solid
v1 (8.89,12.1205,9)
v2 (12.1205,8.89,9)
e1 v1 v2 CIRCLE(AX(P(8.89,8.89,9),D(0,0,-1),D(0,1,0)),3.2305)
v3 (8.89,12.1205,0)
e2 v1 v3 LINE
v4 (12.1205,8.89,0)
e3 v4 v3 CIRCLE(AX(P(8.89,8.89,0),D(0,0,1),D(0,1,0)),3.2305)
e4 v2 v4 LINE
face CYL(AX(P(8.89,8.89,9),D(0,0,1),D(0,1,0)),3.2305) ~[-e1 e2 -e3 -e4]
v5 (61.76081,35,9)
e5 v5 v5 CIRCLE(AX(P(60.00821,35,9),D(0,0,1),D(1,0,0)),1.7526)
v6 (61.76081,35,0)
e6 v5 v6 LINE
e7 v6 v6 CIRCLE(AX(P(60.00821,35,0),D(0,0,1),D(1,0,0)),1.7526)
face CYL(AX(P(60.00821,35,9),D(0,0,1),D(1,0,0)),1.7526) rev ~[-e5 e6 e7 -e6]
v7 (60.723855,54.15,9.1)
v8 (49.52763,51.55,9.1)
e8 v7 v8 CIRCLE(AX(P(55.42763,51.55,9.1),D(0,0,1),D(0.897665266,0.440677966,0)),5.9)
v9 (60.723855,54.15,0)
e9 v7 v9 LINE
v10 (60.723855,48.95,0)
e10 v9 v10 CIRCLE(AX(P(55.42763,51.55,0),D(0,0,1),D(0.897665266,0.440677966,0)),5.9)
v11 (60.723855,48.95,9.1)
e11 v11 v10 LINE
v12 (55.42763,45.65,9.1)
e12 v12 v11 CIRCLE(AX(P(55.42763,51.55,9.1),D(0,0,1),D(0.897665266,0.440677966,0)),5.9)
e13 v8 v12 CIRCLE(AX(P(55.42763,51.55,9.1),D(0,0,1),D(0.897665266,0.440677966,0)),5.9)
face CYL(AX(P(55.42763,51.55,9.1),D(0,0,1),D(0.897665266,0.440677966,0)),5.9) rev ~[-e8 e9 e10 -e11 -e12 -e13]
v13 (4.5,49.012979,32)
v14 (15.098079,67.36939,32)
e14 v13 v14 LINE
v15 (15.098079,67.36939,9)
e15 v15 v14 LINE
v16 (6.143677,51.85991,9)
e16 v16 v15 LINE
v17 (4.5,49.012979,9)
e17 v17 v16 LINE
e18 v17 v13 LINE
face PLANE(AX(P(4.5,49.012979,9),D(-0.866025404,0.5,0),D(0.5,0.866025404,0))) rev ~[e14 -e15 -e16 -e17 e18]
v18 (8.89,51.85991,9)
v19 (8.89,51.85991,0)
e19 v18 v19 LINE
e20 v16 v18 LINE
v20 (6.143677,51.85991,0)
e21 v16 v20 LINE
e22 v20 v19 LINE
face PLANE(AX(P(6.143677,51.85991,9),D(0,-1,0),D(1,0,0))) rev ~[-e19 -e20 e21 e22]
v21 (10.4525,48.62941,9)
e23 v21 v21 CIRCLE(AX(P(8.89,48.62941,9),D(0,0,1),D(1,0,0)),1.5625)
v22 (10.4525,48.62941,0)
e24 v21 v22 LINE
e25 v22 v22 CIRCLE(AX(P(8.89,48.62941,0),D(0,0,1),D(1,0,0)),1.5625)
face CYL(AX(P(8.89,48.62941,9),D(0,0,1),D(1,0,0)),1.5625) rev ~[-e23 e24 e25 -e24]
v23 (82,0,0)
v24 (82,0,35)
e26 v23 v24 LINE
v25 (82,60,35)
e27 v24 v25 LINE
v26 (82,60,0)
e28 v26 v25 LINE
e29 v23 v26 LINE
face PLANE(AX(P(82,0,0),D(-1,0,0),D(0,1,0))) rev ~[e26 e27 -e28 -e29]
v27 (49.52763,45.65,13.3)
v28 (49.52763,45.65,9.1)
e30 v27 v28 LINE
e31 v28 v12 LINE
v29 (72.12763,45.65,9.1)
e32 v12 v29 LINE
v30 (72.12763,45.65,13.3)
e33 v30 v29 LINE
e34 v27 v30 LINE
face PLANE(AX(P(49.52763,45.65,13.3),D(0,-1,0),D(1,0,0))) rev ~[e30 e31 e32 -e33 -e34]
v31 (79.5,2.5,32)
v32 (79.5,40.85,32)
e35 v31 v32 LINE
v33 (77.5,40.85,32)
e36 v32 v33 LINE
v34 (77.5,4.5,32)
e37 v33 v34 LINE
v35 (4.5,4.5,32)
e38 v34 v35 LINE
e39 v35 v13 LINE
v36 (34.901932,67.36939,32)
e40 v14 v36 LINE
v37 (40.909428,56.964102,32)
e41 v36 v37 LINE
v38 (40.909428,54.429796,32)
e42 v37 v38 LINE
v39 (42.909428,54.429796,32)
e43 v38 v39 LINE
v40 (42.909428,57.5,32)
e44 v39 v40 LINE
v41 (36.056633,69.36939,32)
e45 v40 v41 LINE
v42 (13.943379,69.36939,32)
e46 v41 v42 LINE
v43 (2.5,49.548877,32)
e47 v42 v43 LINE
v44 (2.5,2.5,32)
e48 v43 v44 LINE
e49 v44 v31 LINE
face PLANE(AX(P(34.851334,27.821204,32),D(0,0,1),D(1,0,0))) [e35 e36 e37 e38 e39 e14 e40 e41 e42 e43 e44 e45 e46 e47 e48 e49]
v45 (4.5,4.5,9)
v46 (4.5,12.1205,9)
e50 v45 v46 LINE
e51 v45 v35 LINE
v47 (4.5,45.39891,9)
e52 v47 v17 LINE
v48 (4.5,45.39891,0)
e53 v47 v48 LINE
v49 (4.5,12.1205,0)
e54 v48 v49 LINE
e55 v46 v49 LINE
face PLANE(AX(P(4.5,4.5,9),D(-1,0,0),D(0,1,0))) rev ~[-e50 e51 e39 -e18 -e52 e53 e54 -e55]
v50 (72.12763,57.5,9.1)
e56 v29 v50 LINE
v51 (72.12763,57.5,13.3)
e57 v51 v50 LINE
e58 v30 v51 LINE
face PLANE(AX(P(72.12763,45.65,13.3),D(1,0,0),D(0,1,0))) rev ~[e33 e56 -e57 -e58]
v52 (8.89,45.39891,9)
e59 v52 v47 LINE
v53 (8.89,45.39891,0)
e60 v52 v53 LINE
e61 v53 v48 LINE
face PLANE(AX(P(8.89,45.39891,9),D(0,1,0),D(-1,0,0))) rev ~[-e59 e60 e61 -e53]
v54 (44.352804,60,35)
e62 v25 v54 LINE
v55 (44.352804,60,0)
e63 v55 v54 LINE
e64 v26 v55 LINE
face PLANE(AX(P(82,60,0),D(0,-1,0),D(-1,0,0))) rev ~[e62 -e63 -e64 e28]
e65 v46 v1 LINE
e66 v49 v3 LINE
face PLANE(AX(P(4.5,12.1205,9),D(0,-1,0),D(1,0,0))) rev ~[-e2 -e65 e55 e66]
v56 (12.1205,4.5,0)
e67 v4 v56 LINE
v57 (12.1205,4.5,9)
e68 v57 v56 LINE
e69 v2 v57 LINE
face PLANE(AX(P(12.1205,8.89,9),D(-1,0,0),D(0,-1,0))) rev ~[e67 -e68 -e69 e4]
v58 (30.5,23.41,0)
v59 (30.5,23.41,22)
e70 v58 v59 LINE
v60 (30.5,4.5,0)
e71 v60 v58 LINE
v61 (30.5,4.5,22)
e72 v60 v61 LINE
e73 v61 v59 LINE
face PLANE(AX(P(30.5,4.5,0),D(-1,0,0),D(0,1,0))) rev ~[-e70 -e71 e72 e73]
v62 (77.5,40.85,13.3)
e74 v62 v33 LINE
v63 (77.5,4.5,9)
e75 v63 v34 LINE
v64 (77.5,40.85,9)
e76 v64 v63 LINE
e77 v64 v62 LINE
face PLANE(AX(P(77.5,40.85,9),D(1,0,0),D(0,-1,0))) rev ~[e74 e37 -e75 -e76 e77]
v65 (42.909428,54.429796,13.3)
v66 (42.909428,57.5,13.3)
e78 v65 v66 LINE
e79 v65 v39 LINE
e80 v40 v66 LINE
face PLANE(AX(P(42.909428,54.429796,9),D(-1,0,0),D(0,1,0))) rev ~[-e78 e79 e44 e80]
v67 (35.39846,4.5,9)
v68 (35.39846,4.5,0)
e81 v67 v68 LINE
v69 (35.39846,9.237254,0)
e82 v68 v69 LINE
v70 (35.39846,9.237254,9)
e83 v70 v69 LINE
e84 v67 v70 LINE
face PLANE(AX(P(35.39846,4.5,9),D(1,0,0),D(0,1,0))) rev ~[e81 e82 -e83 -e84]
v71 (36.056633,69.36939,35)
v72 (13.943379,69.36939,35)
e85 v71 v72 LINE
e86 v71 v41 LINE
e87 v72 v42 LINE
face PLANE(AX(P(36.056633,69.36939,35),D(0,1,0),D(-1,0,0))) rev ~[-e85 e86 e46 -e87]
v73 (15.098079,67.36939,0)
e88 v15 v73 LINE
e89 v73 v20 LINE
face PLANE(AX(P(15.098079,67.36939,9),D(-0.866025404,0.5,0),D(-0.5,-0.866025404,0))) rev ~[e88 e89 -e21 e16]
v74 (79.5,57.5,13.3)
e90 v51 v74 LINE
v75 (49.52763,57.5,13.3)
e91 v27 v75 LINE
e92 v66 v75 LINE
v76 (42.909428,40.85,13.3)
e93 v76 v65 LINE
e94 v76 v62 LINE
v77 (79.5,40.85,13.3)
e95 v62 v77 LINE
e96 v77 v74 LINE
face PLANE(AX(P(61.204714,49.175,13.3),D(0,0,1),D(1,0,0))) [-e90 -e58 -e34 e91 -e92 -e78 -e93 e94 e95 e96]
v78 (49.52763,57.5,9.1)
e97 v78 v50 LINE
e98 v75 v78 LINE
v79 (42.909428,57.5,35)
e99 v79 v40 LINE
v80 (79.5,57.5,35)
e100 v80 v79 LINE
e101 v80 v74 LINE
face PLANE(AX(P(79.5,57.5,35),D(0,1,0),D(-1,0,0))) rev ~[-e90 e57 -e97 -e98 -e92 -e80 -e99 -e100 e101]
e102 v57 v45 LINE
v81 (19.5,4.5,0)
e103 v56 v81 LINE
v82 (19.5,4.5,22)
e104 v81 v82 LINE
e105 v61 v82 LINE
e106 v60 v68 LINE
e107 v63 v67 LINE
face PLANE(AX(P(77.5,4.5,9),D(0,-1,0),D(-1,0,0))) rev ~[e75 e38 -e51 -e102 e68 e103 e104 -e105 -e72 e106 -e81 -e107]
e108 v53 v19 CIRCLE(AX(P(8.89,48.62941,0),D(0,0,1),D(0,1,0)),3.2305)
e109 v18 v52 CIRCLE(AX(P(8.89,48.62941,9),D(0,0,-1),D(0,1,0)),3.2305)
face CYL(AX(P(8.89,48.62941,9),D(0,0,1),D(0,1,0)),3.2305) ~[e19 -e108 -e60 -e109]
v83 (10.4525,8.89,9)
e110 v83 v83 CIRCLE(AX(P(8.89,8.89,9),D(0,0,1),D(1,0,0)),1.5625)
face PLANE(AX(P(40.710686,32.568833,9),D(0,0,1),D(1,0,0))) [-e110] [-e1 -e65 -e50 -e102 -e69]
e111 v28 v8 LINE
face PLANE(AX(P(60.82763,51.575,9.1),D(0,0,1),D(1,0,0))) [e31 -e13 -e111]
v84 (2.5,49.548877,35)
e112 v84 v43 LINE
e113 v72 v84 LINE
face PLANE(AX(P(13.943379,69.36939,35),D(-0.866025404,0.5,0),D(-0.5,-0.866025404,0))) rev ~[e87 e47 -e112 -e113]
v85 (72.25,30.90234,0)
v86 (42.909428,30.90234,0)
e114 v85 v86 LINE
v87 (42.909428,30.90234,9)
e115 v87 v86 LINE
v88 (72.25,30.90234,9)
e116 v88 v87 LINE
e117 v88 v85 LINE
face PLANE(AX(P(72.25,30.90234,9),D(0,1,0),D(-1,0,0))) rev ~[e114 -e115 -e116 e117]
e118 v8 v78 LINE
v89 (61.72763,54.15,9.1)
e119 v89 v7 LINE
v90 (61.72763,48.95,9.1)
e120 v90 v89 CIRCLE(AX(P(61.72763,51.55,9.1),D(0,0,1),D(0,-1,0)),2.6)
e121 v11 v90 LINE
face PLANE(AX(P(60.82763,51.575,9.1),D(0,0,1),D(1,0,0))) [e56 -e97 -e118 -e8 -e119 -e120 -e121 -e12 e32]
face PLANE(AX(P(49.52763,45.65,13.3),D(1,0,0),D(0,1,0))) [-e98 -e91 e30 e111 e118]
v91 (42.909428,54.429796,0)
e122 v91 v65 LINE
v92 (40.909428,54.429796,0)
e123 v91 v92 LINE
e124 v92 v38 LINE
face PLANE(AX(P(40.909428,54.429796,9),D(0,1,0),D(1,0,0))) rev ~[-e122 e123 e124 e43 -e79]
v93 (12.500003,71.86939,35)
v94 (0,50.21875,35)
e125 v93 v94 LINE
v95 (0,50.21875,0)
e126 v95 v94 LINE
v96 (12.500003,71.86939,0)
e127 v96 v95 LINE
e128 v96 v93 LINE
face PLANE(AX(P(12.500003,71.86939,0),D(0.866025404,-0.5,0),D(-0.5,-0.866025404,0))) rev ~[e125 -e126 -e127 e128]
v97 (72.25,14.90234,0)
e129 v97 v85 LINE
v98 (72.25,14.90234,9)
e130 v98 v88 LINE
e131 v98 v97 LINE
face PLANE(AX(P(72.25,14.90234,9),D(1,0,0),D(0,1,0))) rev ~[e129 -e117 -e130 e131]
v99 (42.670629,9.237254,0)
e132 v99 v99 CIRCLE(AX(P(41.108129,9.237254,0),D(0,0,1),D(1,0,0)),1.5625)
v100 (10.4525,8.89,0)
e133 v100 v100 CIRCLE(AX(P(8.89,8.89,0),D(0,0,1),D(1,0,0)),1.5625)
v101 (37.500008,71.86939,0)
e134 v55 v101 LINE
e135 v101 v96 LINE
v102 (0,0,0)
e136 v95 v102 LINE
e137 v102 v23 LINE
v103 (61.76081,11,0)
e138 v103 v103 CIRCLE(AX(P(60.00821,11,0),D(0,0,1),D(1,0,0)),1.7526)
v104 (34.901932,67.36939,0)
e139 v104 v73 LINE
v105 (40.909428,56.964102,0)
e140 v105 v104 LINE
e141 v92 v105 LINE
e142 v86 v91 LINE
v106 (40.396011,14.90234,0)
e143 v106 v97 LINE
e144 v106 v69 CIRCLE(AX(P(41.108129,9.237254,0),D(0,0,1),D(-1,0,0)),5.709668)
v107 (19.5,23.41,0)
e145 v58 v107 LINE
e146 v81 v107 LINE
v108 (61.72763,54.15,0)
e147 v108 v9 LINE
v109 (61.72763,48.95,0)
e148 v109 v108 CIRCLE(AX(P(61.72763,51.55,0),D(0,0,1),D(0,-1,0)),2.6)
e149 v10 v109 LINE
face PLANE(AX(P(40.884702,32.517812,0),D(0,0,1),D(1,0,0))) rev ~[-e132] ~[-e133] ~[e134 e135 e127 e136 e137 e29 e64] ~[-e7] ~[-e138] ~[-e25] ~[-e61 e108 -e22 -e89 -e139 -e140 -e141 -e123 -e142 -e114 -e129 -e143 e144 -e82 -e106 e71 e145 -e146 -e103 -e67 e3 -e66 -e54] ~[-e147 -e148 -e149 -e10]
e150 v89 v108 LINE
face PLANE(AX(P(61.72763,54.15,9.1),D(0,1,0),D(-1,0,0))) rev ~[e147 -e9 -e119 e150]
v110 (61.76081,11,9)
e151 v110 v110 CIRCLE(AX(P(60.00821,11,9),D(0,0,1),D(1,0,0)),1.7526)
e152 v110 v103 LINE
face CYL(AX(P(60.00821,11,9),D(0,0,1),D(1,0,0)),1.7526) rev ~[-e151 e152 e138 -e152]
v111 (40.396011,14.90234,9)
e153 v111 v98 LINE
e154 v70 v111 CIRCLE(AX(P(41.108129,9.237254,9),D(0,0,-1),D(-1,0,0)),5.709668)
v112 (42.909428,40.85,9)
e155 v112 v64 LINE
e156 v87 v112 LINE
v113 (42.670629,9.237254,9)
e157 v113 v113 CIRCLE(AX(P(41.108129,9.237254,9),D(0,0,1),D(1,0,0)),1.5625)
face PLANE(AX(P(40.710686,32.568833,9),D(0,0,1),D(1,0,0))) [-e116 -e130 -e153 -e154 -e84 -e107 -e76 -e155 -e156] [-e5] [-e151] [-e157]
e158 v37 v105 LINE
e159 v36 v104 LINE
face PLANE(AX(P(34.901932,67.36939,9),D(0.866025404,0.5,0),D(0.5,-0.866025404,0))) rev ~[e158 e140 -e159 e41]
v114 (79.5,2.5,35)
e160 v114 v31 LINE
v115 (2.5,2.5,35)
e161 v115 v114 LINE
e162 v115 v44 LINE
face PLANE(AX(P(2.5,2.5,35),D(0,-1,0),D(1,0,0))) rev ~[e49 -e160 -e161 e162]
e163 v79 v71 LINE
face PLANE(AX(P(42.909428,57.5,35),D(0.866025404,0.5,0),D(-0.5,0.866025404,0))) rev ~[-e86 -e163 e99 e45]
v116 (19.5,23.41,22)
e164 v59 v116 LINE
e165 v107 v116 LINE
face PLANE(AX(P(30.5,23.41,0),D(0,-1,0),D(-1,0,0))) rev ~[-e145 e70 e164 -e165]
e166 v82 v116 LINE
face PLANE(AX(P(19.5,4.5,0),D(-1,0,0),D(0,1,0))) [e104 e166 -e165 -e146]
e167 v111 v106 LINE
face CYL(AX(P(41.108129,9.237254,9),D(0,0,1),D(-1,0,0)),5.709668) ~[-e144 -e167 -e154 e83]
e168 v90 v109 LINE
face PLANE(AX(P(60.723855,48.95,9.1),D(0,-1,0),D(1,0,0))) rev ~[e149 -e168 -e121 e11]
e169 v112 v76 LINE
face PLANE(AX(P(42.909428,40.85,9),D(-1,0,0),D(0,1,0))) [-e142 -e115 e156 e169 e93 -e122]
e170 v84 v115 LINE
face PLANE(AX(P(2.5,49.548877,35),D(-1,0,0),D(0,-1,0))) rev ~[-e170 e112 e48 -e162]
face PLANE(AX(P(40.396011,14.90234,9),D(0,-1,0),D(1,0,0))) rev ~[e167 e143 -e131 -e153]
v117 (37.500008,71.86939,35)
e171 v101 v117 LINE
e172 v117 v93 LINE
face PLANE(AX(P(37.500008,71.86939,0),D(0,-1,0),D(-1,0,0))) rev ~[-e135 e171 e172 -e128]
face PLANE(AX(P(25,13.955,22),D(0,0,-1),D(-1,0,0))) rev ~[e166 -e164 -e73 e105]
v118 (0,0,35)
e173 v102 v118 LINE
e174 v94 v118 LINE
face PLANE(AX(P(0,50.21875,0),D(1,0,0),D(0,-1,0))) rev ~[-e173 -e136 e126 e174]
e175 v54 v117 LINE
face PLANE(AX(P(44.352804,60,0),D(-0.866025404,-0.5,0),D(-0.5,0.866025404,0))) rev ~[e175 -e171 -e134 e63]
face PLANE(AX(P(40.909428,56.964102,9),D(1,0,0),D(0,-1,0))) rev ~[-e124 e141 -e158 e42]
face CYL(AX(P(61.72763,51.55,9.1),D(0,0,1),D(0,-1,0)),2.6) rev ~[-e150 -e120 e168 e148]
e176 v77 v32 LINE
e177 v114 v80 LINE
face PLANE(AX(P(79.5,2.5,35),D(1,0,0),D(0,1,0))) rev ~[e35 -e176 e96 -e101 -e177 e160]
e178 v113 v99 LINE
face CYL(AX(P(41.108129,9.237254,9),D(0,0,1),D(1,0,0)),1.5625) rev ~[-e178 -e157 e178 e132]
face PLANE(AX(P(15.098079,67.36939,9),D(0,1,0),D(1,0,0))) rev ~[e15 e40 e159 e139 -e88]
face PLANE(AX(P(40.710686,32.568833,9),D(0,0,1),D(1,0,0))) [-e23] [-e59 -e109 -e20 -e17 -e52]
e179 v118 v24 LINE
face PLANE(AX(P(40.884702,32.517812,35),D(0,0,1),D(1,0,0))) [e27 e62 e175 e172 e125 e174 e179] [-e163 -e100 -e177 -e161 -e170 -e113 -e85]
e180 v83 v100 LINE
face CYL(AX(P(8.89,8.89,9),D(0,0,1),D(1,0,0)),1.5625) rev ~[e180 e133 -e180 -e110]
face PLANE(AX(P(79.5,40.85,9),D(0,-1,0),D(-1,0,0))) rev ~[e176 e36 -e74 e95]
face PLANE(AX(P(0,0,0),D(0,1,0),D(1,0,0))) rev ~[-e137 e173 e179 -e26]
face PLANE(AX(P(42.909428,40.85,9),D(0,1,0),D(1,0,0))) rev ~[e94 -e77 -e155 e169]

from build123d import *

# Parameters (mm, degrees)
BOSS_EXTRUDE1_DEPTH = 35
CUT_EXTRUDE1_DEPTH  = 26
SKETCH4_W           = 36.590571665
SKETCH4_H           = 16.65
BOSS_EXTRUDE2_DEPTH = 4.3
SKETCH5_W           = 22.6
SKETCH5_H           = 11.85
CUT_EXTRUDE2_DEPTH  = 4.2
CUT_EXTRUDE3_DEPTH  = 17.2
BOSS_EXTRUDE3_DEPTH = 23
SKETCH11_R          = 1.5625
CUT_EXTRUDE7_DEPTH  = 12.54
SKETCH13_R          = 1.7526
CUT_EXTRUDE8_DEPTH  = 16
SKETCH15_W          = 11
SKETCH15_H          = 18.91
BOSS_EXTRUDE4_DEPTH = 22


with BuildPart() as part:
    # Sketch1 → Boss-Extrude1 (new body)
    with BuildSketch(Plane.XY):
        Polygon((0, 50.21875), (0, 0), (82, 0), (82, 60), (44.352804008, 60), (37.500008496, 71.86939), (12.500002832, 71.86939), align=None)
    extrude(amount=BOSS_EXTRUDE1_DEPTH)

    # Sketch3 → Cut-Extrude1 (cut)
    with BuildSketch(Plane.XY.offset(35)):
        Polygon((42.909428335, 57.5), (36.056632823, 69.36939), (13.943378505, 69.36939), (2.5, 49.548877019), (2.5, 2.5), (79.5, 2.5), (79.5, 57.5), align=None)
    extrude(amount=-CUT_EXTRUDE1_DEPTH, mode=Mode.SUBTRACT)

    # Sketch4 → Boss-Extrude2 (add)
    with BuildSketch(Plane.XY.offset(9)):
        with Locations((61.204714168, 49.175)):
            Rectangle(SKETCH4_W, SKETCH4_H)
    extrude(amount=BOSS_EXTRUDE2_DEPTH)

    # Sketch5 → Cut-Extrude2 (cut)
    with BuildSketch(Plane.XY.offset(13.3)):
        with Locations((60.82763, 51.575)):
            Rectangle(SKETCH5_W, SKETCH5_H)
    extrude(amount=-CUT_EXTRUDE2_DEPTH, mode=Mode.SUBTRACT)

    # Sketch6 → Cut-Extrude3 (cut)
    with BuildSketch(Plane.XY.offset(9.1)):
        with BuildLine():
            Line((61.72763, 54.15), (60.723855071, 54.15))
            ThreePointArc((60.723855071, 54.15), (49.52763, 51.55), (60.723855071, 48.95))
            Line((60.723855071, 48.95), (61.72763, 48.95))
            ThreePointArc((61.72763, 48.95), (64.32763, 51.55), (61.72763, 54.15))
        make_face()
    extrude(amount=-CUT_EXTRUDE3_DEPTH, mode=Mode.SUBTRACT)

    # Sketch7 → Boss-Extrude3 (add)
    with BuildSketch(Plane.XY.offset(9)):
        Polygon((40.909428335, 56.964101615), (40.909428335, 54.429795973), (42.909428335, 54.429795973), (42.909428335, 57.5), (36.056632823, 69.36939), (13.943378505, 69.36939), (2.5, 49.548877019), (2.5, 2.5), (79.5, 2.5), (79.5, 40.85), (77.5, 40.85), (77.5, 4.5), (4.5, 4.5), (4.5, 49.012978634), (15.098079043, 67.36939), (34.901932285, 67.36939), align=None)
    extrude(amount=BOSS_EXTRUDE3_DEPTH)

    # Sketch11 → Cut-Extrude7 (cut)
    with BuildSketch(Plane.XY.offset(9)):
        with BuildLine():
            Line((6.14367659, 51.85991), (8.89, 51.85991))
            ThreePointArc((8.89, 51.85991), (12.1205, 48.62941), (8.89, 45.39891))
            Line((8.89, 45.39891), (4.5, 45.39891))
            Line((4.5, 45.39891), (4.5, 12.1205))
            Line((4.5, 12.1205), (8.89, 12.1205))
            ThreePointArc((8.89, 12.1205), (11.174308457, 11.174308457), (12.1205, 8.89))
            Line((12.1205, 8.89), (12.1205, 4.5))
            Line((12.1205, 4.5), (35.398460219, 4.5))
            Line((35.398460219, 4.5), (35.398460219, 9.237253753))
            ThreePointArc((35.398460219, 9.237253753), (36.826407652, 13.014445691), (40.396010976, 14.90234))
            Line((40.396010976, 14.90234), (72.25, 14.90234))
            Line((72.25, 14.90234), (72.25, 30.90234))
            Line((72.25, 30.90234), (42.909428335, 30.90234))
            Line((42.909428335, 30.90234), (42.909428335, 54.429795973))
            Line((42.909428335, 54.429795973), (40.909428335, 54.429795973))
            Line((40.909428335, 54.429795973), (40.909428335, 56.964101615))
            Line((40.909428335, 56.964101615), (34.901932285, 67.36939))
            Line((34.901932285, 67.36939), (15.098079043, 67.36939))
            Line((15.098079043, 67.36939), (6.14367659, 51.85991))
        make_face()
        with Locations((8.89, 8.89)):
            Circle(SKETCH11_R)
        with Locations((8.89, 48.62941)):
            Circle(SKETCH11_R)
        with Locations((41.108128667, 9.237253753)):
            Circle(SKETCH11_R)
    extrude(amount=-CUT_EXTRUDE7_DEPTH, mode=Mode.SUBTRACT)

    # Sketch13 → Cut-Extrude8 (cut)
    with BuildSketch(Plane.XY.offset(9)):
        with Locations((60.00821, 11)):
            Circle(SKETCH13_R)
        with Locations((60.00821, 35)):
            Circle(SKETCH13_R)
    extrude(amount=-CUT_EXTRUDE8_DEPTH, mode=Mode.SUBTRACT)

    # Sketch15 → Boss-Extrude4 (add)
    with BuildSketch(Plane(origin=(0, 0, 0), x_dir=(-1, 0, 0), z_dir=(0, 0, -1))):
        with Locations((-25, 13.955)):
            Rectangle(SKETCH15_W, SKETCH15_H)
    extrude(amount=-BOSS_EXTRUDE4_DEPTH)


solid = part.part
